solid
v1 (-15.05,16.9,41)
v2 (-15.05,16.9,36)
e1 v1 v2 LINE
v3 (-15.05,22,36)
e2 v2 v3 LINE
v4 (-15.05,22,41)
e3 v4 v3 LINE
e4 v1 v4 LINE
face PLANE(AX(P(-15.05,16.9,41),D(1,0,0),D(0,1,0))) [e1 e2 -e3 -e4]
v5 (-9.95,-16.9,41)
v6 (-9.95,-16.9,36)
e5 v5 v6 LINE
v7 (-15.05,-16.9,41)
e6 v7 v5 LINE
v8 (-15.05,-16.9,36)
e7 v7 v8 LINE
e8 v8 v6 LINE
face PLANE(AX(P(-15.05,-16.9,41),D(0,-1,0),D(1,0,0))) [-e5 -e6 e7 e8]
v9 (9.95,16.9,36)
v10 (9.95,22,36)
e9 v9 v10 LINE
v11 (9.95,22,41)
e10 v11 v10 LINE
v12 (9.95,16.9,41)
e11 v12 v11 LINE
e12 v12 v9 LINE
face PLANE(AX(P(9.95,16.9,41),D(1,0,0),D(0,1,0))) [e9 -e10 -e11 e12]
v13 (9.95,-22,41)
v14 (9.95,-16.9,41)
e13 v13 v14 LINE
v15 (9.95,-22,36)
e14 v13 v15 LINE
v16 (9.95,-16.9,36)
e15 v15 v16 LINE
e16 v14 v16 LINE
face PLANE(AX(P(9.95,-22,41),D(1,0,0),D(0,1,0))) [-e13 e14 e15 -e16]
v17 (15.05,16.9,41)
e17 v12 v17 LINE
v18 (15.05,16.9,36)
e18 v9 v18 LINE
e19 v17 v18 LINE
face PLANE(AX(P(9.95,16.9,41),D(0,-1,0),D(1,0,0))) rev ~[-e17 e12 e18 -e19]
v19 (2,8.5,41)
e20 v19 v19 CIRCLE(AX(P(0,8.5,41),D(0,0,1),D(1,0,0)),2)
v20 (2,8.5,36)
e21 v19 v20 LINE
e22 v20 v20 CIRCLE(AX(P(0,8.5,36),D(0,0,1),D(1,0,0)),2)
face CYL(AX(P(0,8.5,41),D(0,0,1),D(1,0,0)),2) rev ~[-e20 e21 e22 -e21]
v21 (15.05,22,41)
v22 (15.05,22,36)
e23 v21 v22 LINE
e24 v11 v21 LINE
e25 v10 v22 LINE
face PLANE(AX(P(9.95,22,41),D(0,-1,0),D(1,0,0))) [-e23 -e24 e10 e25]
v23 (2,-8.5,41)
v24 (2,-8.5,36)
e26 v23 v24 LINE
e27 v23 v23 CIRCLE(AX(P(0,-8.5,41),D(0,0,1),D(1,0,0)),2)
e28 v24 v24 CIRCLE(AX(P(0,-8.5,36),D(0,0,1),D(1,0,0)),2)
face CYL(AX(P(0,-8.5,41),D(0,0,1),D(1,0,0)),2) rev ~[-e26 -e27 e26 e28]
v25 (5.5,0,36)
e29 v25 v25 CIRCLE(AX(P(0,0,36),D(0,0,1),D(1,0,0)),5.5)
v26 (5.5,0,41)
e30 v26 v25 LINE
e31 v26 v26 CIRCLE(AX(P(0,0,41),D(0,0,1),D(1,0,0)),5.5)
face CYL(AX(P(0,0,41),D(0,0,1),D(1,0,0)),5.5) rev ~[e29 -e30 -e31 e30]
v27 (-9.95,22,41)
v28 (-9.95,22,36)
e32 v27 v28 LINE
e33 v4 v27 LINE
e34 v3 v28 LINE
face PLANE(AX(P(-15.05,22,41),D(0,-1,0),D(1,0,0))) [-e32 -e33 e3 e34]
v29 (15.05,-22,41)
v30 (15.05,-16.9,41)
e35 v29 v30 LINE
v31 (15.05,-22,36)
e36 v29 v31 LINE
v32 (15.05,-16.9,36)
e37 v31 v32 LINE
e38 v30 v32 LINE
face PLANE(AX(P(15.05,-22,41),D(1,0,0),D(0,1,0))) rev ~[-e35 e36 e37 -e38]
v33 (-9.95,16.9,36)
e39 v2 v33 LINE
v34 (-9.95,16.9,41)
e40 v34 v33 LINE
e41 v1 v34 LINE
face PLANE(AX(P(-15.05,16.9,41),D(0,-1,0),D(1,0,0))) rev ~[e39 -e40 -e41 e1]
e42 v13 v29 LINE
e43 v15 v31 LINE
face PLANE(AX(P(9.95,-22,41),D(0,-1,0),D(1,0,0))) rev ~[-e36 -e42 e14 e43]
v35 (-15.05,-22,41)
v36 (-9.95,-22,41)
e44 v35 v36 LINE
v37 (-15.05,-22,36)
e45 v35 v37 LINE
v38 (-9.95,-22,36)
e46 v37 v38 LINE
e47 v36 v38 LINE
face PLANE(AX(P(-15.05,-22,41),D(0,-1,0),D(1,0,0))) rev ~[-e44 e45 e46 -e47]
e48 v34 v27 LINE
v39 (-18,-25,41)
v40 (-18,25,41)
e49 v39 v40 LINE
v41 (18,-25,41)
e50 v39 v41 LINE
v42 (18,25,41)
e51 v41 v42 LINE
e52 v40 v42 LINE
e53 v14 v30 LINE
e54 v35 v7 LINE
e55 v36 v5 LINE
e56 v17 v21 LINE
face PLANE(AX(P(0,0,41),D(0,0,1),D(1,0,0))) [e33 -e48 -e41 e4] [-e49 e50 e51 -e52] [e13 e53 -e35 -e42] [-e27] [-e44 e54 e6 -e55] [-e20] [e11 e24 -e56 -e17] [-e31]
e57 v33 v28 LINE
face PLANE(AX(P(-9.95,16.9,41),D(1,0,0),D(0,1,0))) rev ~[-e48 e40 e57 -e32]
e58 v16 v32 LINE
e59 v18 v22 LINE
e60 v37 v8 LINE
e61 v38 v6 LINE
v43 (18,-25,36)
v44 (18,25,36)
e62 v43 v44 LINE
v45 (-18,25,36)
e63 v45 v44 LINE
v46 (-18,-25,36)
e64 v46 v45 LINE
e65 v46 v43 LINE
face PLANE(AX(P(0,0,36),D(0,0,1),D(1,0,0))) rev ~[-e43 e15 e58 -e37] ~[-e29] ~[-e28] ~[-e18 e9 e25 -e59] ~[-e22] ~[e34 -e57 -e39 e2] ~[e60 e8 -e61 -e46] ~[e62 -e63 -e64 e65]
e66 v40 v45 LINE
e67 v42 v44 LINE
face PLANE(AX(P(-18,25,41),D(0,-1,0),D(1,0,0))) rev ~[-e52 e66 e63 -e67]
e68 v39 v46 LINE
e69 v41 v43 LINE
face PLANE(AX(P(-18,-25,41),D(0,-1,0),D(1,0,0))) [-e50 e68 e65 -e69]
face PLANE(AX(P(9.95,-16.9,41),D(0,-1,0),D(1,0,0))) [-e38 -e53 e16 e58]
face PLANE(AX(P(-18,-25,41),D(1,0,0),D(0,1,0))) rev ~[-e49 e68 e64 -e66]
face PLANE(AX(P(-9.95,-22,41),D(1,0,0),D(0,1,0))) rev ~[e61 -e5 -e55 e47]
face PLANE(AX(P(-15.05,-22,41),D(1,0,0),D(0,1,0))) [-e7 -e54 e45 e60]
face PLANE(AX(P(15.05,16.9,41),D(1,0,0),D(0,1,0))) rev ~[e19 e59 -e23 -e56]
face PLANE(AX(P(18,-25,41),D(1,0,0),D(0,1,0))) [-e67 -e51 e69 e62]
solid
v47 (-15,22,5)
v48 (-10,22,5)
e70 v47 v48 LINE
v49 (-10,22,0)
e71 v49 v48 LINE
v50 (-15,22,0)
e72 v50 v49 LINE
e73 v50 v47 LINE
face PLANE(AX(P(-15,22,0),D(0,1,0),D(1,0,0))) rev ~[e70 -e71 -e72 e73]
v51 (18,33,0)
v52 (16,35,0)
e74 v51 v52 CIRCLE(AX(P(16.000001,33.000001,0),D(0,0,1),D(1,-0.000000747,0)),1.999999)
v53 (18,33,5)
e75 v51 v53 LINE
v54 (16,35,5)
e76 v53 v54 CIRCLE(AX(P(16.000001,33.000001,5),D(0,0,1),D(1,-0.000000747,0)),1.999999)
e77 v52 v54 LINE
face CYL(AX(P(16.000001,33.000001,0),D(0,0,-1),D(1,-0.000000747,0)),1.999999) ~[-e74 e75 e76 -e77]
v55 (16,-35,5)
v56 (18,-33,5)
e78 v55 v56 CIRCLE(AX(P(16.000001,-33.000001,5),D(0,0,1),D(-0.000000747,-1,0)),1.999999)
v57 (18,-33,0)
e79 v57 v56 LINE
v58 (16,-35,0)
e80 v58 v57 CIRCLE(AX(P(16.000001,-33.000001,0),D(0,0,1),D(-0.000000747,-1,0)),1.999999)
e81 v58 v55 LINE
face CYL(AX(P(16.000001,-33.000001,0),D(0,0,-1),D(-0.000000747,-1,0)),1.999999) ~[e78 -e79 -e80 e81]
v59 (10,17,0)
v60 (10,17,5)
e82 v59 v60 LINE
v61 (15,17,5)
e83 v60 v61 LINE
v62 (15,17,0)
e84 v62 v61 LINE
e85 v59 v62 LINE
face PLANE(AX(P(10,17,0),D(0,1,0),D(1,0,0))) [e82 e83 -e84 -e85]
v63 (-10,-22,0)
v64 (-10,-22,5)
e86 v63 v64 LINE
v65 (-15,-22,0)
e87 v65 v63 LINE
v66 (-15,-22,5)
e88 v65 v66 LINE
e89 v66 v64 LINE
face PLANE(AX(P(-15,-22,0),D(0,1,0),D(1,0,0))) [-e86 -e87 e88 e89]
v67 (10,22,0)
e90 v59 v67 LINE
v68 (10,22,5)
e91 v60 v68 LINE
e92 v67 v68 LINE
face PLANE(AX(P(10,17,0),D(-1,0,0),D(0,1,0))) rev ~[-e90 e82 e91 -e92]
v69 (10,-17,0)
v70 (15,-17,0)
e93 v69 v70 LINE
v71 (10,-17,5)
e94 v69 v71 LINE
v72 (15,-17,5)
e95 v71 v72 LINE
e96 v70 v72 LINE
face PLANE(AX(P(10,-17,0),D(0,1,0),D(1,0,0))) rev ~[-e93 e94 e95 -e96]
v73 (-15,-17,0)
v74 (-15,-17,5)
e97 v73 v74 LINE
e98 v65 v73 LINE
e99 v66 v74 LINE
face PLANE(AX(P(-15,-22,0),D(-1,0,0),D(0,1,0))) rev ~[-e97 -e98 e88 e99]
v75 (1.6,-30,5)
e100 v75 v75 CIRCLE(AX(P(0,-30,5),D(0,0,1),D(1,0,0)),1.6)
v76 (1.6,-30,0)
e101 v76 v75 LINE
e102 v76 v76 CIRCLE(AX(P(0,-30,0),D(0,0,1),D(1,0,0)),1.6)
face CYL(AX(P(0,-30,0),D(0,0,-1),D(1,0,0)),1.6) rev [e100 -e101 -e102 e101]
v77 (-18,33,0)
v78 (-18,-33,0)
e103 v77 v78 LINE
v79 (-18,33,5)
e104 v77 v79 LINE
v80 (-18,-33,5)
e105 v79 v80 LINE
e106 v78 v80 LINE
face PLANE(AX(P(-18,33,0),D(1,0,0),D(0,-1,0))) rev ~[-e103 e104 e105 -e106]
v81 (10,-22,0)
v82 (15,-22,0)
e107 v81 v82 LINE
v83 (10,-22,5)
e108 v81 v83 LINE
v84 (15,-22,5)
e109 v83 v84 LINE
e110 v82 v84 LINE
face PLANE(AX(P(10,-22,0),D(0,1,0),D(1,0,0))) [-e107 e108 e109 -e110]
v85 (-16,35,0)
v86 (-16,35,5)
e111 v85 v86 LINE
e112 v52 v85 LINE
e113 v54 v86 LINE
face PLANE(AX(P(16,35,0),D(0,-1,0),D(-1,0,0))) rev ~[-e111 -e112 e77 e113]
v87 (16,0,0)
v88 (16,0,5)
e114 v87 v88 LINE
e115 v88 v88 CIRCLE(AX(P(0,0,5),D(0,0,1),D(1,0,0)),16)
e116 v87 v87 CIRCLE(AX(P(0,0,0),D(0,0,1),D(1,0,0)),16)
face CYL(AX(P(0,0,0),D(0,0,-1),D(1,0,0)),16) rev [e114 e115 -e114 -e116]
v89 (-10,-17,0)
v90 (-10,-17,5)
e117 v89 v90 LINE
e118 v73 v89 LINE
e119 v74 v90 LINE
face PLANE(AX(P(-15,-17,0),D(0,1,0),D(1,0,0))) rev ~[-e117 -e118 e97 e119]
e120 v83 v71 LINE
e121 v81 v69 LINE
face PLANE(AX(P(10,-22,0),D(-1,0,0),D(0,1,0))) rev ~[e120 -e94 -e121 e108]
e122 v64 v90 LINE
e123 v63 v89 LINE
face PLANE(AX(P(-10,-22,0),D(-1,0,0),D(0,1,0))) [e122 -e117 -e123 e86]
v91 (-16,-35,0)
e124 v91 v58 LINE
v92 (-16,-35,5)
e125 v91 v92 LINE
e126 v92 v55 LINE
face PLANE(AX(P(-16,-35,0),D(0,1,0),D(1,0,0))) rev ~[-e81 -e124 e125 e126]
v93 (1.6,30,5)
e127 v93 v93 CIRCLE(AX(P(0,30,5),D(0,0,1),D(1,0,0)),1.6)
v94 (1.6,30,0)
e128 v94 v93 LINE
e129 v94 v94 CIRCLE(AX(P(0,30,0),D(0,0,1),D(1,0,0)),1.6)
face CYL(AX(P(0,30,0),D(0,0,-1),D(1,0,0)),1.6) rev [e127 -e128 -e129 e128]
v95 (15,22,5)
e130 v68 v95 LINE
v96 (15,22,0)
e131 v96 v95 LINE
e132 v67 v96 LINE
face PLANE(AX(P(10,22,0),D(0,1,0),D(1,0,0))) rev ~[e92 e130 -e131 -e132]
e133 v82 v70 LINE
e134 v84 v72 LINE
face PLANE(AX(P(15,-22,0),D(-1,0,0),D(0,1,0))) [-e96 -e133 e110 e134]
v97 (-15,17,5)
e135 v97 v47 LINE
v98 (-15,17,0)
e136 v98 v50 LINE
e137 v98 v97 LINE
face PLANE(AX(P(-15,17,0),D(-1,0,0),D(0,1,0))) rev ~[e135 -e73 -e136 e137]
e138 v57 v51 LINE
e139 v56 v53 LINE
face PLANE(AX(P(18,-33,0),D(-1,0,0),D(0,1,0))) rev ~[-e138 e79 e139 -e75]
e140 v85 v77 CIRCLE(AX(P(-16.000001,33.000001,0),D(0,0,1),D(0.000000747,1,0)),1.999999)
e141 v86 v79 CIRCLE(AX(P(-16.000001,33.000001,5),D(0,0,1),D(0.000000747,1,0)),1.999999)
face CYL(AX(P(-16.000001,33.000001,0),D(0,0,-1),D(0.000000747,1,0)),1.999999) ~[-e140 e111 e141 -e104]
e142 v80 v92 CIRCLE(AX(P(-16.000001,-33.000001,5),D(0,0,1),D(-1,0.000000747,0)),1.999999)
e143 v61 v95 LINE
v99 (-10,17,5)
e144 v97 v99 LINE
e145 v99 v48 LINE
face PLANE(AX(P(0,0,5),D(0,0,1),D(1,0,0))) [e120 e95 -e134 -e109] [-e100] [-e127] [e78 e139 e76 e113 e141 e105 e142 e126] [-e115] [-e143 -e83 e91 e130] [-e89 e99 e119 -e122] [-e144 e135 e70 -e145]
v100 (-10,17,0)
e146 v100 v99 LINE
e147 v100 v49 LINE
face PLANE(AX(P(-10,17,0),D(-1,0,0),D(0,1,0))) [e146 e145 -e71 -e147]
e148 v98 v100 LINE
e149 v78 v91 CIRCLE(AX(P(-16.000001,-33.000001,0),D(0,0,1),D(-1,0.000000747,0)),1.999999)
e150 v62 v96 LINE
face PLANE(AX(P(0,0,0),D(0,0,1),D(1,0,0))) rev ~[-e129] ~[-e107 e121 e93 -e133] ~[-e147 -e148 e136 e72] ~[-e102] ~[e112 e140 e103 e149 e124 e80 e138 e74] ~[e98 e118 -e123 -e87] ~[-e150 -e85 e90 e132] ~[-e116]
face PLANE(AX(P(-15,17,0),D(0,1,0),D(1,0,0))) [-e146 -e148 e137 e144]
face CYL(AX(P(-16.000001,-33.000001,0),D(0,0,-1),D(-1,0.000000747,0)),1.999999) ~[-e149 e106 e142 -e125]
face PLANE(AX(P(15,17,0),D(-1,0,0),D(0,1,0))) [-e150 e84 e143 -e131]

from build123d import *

# Parameters (mm, degrees)
F0_W     = 5
F0_H     = 5
F0_R     = 1.6
F0_R_2   = 16
F3_DEPTH = 5
F2_W     = 36
F2_H     = 50
F2_W_2   = 5.1
F2_H_2   = 5.1
F2_R     = 2
F2_R_2   = 5.5
F4_DEPTH = 5


with BuildPart() as f3:
    # F0 (on Top) → F3 (new body)
    with BuildSketch(Plane.XY):
        with BuildLine():
            ThreePointArc((18, 33), (17.414214, 34.414214), (16, 35))
            Line((16, 35), (-16, 35))
            ThreePointArc((-16, 35), (-17.414214, 34.414214), (-18, 33))
            Line((-18, 33), (-18, -33))
            ThreePointArc((-18, -33), (-17.414214, -34.414214), (-16, -35))
            Line((-16, -35), (16, -35))
            ThreePointArc((16, -35), (17.414214, -34.414214), (18, -33))
            Line((18, -33), (18, 33))
        make_face()
        with Locations((-12.5, -19.5)):
            Rectangle(F0_W, F0_H, mode=Mode.SUBTRACT)
        with Locations((0, -30)):
            Circle(F0_R, mode=Mode.SUBTRACT)
        with Locations((12.5, -19.5)):
            Rectangle(F0_W, F0_H, mode=Mode.SUBTRACT)
        with Locations((-12.5, 19.5)):
            Rectangle(F0_W, F0_H, mode=Mode.SUBTRACT)
        Circle(F0_R_2, mode=Mode.SUBTRACT)
        with Locations((0, 30)):
            Circle(F0_R, mode=Mode.SUBTRACT)
        with Locations((12.5, 19.5)):
            Rectangle(F0_W, F0_H, mode=Mode.SUBTRACT)
    extrude(amount=F3_DEPTH)


with BuildPart() as f4:
    # F2 (on offset) → F4 (new body)
    with BuildSketch(Plane.XY.offset(41)):
        Rectangle(F2_W, F2_H)
        with Locations((-12.5, -19.45)):
            Rectangle(F2_W_2, F2_H_2, mode=Mode.SUBTRACT)
        with Locations((-12.5, 19.45)):
            Rectangle(F2_W_2, F2_H_2, mode=Mode.SUBTRACT)
        with Locations((12.5, -19.45)):
            Rectangle(F2_W_2, F2_H_2, mode=Mode.SUBTRACT)
        with Locations((0, -8.5)):
            Circle(F2_R, mode=Mode.SUBTRACT)
        Circle(F2_R_2, mode=Mode.SUBTRACT)
        with Locations((0, 8.5)):
            Circle(F2_R, mode=Mode.SUBTRACT)
        with Locations((12.5, 19.45)):
            Rectangle(F2_W_2, F2_H_2, mode=Mode.SUBTRACT)
    extrude(amount=-F4_DEPTH)


solid = Compound([f3.part, f4.part])
